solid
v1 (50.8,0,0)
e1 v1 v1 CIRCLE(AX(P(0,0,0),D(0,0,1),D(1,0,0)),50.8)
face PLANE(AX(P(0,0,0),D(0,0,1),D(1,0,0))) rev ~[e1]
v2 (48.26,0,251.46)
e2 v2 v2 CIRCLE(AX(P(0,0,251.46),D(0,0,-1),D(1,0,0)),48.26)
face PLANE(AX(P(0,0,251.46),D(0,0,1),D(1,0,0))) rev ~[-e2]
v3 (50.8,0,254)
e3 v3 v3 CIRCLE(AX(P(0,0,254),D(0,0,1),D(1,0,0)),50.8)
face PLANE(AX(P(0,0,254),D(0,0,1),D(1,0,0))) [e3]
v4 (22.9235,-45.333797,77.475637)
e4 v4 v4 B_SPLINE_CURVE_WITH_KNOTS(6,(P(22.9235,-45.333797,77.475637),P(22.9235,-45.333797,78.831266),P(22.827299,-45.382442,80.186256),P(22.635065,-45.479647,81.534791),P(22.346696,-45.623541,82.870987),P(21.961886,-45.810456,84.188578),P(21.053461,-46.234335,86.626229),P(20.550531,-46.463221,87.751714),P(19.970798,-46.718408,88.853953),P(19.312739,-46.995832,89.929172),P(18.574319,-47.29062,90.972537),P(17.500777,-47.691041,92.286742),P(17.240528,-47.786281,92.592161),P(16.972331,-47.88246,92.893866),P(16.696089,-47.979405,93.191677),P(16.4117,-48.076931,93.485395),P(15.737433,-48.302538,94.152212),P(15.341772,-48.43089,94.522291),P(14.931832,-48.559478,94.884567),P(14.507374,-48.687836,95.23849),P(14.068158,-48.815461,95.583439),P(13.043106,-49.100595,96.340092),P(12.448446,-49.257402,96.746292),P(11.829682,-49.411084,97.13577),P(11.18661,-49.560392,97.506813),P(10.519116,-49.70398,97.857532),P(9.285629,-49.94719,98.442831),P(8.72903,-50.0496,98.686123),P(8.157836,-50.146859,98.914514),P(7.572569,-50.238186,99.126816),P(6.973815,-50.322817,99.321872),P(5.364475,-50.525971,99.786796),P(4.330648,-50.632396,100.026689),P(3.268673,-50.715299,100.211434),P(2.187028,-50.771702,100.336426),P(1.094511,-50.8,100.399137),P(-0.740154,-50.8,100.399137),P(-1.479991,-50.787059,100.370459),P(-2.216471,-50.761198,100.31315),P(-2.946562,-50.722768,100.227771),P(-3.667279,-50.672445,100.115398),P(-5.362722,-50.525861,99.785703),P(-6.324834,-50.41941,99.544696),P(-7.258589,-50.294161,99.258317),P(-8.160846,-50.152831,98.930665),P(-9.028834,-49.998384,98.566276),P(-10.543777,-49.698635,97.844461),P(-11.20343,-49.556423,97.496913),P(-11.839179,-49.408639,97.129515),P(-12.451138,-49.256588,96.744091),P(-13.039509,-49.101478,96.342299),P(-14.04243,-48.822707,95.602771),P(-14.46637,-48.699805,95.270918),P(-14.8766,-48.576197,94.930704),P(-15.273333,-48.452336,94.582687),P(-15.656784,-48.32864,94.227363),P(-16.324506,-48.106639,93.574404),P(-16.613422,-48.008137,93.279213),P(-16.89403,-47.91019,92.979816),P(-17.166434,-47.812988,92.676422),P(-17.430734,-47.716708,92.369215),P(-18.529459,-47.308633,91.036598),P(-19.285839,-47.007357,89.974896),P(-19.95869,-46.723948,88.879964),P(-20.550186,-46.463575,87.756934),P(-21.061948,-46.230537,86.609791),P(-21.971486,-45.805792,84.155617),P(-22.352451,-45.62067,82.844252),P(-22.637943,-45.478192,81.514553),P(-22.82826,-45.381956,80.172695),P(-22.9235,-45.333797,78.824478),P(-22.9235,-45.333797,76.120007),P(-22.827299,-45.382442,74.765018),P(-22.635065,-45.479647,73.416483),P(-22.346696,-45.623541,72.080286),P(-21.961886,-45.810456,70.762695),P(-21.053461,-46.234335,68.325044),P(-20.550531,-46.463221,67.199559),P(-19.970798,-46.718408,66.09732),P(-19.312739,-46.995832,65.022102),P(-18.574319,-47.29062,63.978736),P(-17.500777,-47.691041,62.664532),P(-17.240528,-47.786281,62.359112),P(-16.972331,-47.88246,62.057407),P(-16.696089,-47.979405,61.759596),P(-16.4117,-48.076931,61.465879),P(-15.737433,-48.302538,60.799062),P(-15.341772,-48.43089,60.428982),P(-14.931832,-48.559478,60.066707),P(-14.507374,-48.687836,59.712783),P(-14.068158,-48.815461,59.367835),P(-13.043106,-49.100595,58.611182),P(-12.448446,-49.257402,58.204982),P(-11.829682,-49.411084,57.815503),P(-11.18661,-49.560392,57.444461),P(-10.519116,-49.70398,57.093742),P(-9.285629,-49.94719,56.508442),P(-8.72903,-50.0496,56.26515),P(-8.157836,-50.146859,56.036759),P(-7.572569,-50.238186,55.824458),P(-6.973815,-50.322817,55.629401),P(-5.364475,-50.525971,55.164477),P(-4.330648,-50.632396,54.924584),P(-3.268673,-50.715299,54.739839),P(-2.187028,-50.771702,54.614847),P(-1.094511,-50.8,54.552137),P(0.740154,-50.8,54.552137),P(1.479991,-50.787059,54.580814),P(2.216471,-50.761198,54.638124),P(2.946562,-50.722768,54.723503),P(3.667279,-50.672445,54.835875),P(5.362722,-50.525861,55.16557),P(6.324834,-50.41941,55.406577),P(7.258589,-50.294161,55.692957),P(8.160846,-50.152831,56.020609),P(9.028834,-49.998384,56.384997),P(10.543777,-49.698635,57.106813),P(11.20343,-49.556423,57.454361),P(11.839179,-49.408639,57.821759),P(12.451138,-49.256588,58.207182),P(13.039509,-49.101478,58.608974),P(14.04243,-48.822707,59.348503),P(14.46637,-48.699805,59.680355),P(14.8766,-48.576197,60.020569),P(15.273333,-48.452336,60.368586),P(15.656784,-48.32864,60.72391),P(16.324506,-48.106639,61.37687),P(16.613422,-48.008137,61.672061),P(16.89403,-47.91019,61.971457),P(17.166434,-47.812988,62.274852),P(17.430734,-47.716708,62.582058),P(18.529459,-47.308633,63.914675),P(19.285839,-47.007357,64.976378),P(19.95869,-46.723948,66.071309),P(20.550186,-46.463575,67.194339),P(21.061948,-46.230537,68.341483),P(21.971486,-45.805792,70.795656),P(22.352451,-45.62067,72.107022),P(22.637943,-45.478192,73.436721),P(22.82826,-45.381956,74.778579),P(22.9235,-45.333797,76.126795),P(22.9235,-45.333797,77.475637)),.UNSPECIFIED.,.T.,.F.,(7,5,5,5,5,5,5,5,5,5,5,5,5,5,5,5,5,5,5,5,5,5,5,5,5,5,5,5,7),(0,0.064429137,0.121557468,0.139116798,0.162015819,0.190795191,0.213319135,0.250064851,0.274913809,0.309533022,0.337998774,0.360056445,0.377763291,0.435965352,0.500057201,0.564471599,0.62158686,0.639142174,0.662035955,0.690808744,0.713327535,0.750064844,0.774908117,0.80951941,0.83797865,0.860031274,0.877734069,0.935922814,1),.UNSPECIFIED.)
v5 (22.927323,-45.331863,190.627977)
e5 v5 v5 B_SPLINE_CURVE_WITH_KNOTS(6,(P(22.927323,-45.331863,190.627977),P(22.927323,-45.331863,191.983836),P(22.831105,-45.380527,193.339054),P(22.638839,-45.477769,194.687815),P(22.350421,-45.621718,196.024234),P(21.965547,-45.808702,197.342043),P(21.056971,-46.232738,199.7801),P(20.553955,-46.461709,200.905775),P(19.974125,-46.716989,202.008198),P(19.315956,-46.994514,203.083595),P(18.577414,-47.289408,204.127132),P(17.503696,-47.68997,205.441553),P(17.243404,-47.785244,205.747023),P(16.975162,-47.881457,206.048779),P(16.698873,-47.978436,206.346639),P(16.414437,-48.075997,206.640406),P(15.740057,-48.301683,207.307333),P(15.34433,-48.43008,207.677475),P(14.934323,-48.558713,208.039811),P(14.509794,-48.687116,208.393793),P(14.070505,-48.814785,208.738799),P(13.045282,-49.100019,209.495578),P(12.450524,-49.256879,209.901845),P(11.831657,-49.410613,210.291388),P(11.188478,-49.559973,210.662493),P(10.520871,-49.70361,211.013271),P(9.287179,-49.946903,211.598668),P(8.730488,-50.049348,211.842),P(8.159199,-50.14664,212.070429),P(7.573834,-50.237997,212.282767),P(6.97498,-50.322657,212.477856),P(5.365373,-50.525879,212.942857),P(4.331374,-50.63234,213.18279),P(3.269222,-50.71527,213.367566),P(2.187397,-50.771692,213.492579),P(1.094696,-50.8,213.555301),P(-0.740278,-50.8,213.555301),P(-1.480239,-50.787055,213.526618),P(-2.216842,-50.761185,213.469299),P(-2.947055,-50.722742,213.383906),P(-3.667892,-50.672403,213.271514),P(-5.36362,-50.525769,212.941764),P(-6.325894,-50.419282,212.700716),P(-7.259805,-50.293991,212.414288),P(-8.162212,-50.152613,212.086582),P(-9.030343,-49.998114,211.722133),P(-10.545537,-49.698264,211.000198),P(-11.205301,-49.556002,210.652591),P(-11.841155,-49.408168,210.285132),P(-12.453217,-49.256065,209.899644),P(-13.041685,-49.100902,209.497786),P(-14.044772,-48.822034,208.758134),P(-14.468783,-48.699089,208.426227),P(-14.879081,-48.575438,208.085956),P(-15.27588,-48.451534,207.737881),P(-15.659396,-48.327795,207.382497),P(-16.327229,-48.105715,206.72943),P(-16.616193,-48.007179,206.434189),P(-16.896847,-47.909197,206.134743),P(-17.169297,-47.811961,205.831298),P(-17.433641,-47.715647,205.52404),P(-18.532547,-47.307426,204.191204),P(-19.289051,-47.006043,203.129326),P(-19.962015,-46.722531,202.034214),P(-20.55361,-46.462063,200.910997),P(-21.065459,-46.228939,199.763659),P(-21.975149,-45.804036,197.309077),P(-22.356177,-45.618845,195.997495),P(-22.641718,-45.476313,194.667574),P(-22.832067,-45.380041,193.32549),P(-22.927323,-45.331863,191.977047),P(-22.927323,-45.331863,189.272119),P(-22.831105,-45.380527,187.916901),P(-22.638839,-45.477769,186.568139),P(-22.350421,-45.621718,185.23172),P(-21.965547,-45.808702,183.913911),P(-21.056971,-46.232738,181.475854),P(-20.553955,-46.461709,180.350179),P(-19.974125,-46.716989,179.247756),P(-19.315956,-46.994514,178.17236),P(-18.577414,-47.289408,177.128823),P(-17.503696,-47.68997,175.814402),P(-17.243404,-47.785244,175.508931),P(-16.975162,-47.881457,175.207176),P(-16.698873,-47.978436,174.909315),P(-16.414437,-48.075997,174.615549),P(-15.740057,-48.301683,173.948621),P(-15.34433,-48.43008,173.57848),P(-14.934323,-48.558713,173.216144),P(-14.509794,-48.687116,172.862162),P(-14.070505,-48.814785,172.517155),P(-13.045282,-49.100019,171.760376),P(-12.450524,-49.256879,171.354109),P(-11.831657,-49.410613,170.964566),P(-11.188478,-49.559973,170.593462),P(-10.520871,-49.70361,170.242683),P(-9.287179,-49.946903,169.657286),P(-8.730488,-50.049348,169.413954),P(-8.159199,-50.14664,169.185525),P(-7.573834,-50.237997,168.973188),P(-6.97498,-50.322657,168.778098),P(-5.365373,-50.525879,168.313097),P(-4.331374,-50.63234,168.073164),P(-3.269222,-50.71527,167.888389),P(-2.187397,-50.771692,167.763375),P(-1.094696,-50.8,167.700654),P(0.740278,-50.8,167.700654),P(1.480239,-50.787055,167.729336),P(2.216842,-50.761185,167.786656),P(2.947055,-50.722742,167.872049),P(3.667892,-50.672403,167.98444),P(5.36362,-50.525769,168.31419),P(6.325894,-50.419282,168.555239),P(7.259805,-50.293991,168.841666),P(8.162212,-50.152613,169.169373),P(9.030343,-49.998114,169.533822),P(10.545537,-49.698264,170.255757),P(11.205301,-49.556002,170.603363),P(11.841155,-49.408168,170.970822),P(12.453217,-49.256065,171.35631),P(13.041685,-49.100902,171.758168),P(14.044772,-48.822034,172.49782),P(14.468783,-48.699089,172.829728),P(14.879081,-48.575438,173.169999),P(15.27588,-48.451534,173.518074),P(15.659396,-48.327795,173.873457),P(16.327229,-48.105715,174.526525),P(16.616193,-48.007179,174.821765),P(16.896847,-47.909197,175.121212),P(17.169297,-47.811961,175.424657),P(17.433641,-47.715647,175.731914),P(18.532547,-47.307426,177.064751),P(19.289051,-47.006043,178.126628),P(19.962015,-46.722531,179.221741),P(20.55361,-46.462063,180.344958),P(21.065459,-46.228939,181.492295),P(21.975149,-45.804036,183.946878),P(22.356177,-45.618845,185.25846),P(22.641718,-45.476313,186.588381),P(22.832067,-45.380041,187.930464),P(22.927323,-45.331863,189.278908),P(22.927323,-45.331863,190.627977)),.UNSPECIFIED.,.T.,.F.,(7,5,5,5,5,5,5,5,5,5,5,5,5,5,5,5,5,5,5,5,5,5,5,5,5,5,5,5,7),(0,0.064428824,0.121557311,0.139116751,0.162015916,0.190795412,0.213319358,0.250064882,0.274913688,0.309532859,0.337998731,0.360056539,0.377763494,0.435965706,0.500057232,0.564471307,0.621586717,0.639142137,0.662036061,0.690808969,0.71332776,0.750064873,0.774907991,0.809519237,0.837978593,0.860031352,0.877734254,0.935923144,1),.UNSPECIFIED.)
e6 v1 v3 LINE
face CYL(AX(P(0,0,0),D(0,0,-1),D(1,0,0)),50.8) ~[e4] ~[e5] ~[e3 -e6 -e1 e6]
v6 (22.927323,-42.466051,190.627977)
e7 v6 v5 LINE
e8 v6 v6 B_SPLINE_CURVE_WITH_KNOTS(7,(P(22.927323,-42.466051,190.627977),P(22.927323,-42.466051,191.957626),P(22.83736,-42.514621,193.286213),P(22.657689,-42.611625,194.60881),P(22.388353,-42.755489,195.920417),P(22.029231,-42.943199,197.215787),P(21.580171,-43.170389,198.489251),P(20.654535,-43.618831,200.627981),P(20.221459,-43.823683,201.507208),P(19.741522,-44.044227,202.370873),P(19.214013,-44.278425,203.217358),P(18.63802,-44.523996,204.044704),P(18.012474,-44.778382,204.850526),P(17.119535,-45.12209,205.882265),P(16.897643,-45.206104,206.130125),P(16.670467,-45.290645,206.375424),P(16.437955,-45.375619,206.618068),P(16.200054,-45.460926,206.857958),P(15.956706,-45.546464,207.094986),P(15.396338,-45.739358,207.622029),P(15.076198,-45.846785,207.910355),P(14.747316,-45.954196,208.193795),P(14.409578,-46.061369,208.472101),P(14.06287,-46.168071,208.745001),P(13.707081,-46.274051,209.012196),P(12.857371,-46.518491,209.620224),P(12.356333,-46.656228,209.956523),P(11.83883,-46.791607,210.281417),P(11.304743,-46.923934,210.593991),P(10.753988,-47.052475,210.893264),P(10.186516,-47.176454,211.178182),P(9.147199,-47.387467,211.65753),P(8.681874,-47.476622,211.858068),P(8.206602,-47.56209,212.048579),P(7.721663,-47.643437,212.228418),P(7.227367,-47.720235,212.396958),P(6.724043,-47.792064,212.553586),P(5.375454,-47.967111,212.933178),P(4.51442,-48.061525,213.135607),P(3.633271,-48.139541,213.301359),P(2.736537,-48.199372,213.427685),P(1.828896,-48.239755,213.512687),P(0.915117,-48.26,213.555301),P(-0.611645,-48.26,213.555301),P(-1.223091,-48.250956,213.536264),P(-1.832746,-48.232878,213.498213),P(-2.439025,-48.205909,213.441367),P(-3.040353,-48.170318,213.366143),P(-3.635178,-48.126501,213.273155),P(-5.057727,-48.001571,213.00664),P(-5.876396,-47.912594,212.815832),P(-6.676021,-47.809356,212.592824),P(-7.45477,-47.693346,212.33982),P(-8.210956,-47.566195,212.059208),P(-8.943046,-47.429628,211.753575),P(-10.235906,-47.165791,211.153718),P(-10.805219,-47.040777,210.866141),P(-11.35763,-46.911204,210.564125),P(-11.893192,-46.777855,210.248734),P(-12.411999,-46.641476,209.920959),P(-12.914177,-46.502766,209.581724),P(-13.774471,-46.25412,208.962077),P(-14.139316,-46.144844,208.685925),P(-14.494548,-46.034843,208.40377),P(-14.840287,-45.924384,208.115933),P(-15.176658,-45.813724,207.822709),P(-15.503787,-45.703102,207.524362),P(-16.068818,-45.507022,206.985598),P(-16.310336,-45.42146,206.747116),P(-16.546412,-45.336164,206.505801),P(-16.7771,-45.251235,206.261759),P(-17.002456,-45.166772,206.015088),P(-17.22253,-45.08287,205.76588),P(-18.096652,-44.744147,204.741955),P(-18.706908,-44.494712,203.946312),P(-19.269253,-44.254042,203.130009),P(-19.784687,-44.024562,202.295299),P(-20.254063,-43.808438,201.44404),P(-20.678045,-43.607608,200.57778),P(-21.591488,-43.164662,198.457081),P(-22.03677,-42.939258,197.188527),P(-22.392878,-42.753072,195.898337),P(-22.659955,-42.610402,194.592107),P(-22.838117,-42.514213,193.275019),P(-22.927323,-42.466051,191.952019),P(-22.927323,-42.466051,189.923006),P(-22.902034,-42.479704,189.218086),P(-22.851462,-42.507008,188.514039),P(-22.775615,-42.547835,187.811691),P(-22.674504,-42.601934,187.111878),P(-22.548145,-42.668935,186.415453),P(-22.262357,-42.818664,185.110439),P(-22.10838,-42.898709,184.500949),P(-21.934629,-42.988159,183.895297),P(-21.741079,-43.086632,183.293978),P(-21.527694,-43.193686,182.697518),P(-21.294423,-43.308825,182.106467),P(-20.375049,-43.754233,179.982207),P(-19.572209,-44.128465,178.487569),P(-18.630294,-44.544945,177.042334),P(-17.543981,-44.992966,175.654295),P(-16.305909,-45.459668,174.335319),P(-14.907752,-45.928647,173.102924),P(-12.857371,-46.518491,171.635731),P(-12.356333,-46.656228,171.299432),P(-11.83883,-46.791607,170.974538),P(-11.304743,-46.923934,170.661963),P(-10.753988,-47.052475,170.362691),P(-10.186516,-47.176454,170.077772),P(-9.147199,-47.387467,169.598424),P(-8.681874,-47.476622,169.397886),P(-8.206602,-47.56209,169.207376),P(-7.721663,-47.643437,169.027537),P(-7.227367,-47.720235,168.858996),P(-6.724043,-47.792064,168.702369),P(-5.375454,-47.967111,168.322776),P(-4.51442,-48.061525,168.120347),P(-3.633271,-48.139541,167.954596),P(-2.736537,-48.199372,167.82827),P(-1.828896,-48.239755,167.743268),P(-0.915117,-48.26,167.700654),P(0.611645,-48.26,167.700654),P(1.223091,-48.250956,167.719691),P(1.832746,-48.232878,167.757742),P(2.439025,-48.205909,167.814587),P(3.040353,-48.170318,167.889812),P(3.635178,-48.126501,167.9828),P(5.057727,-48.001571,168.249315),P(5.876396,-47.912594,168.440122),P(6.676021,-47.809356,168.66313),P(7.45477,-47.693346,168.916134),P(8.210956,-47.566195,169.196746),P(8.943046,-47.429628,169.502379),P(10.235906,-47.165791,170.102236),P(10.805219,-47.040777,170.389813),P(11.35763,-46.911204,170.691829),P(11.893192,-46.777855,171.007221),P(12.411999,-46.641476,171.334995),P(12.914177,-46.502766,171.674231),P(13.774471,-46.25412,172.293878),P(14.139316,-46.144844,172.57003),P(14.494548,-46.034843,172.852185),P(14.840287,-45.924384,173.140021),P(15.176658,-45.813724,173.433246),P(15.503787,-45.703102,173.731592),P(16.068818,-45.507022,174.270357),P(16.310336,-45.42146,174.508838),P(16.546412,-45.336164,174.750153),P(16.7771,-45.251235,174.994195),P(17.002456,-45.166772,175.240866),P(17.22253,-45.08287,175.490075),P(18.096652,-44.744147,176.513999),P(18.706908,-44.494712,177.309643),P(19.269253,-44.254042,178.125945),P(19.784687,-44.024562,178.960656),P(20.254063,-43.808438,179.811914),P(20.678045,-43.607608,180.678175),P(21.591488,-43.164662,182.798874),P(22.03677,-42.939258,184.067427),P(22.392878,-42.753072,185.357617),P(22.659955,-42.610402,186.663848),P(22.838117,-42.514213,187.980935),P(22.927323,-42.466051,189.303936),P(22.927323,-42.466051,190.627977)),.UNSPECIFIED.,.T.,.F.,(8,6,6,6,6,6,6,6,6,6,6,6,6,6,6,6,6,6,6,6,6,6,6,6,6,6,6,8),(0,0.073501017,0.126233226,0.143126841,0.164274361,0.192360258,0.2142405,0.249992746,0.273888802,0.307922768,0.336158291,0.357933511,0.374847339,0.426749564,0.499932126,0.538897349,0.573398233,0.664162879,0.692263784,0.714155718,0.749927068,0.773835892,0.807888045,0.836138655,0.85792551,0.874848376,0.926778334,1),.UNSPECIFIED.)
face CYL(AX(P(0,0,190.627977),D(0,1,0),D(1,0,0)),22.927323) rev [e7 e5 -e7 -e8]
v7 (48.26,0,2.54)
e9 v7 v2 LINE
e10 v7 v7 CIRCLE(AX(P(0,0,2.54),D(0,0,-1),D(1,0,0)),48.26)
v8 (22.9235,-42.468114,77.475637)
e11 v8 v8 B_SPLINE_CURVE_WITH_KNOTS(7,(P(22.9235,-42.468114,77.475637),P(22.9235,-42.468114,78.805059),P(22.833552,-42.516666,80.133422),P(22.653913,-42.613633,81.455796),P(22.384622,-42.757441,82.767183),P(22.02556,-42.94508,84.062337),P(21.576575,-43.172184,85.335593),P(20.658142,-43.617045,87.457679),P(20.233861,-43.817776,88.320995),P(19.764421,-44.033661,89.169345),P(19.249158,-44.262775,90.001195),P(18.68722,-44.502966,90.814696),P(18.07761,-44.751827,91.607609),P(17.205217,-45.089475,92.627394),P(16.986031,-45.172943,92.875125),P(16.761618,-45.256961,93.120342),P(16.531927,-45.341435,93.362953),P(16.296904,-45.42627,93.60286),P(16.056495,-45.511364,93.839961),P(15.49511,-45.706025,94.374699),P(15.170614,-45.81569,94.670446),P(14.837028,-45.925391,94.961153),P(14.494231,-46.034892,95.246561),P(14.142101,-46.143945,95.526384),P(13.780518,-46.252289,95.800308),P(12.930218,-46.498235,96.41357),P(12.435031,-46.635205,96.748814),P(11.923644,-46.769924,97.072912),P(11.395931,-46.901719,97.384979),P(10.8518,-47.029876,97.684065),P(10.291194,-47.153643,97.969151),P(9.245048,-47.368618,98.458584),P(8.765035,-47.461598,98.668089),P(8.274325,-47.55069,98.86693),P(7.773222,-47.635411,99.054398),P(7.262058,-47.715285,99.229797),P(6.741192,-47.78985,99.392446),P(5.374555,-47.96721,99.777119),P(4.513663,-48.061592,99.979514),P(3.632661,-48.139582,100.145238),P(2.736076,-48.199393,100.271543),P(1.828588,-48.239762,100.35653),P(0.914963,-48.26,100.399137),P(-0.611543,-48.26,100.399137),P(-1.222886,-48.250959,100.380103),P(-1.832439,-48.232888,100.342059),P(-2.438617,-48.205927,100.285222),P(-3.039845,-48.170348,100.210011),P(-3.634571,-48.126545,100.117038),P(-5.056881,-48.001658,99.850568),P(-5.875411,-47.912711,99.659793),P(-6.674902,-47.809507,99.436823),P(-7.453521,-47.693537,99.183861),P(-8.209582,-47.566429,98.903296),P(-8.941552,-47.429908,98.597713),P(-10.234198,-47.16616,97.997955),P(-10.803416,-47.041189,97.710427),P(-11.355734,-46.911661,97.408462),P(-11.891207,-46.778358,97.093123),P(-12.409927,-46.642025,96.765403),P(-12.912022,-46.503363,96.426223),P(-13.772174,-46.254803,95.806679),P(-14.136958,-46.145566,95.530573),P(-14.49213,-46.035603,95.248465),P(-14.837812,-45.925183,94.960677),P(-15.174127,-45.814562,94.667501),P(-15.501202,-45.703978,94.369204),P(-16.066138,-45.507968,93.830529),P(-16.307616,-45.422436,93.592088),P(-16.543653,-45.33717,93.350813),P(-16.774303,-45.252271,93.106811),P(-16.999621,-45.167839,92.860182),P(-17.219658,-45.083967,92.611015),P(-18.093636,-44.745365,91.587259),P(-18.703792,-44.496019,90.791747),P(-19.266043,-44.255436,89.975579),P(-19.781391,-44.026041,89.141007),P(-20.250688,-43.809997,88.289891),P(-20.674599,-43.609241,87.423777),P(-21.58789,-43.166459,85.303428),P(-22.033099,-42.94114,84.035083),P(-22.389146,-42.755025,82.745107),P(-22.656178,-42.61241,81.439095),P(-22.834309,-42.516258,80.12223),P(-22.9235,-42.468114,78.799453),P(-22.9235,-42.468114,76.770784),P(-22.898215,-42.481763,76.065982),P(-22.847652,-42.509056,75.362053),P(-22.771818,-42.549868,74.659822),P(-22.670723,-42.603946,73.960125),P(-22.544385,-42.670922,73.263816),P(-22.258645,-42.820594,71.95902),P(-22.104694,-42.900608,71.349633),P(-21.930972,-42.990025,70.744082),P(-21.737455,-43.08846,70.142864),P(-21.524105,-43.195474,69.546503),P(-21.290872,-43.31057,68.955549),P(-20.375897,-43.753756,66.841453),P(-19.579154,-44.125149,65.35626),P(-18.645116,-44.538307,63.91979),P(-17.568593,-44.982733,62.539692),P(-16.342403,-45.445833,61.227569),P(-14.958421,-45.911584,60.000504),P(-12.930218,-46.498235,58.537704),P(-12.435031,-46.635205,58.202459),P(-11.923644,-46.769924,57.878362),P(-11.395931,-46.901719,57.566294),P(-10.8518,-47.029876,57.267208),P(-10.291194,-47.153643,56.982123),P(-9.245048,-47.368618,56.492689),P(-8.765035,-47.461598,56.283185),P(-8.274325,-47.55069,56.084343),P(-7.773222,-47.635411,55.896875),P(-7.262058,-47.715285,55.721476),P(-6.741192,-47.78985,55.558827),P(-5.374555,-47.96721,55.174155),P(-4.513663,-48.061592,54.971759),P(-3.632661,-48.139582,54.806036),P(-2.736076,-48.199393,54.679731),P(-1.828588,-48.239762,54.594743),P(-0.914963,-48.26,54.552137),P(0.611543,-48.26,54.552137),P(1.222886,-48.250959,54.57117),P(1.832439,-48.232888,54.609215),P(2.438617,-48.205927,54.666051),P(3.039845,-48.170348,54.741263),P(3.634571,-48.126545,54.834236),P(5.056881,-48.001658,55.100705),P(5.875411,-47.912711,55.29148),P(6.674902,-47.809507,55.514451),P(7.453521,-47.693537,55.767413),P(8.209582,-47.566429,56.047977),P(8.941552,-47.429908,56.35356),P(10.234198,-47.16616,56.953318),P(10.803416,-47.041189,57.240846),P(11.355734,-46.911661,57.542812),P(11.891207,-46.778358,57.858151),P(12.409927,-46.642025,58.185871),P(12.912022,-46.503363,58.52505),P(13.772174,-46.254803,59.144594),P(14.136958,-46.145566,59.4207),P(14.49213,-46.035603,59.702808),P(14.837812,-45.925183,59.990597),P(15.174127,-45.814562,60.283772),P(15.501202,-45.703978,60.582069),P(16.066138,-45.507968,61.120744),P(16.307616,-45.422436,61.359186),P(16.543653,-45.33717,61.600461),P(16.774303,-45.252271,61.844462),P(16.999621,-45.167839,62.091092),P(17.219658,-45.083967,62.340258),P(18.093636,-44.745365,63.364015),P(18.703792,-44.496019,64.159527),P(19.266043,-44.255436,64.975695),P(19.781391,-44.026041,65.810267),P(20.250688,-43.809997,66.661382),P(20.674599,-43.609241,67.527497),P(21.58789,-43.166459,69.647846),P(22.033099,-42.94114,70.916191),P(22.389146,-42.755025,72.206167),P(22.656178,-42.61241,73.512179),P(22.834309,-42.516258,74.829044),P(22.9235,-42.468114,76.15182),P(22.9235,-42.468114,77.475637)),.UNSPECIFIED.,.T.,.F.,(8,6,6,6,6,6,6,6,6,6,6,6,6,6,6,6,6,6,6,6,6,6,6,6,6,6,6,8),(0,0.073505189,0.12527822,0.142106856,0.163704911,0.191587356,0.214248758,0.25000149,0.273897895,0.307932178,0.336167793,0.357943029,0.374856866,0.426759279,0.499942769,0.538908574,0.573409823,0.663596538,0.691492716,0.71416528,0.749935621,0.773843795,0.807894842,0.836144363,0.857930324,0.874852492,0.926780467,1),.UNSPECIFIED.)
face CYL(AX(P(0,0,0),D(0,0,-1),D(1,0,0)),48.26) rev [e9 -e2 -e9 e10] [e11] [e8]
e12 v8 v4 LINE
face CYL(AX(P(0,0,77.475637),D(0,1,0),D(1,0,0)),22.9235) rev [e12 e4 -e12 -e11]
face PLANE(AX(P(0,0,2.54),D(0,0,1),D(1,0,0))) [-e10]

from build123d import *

# Parameters (mm, degrees)
F0_R     = 50.8
F1_DEPTH = 254
F2_T     = -2.54
F3_R     = 22.9273232768
F4_DEPTH = 152.908
F5_R     = 22.9235
F6_DEPTH = 92.202


with BuildPart() as f1:
    # F0 (on Top) → F1 (new body)
    with BuildSketch(Plane.XY):
        Circle(F0_R)
    extrude(amount=F1_DEPTH)

    # F2 (hollow: no face is removed)
    offset(amount=F2_T, mode=Mode.SUBTRACT)

    # F3 (on Front) → F4 (cut)
    with BuildSketch(Plane.XZ):
        with Locations((0, 190.627977252)):
            Circle(F3_R)
    extrude(amount=F4_DEPTH, mode=Mode.SUBTRACT)

    # F5 (on Front) → F6 (cut)
    with BuildSketch(Plane.XZ):
        with Locations((0, 77.4756367312)):
            Circle(F5_R)
    extrude(amount=F6_DEPTH, mode=Mode.SUBTRACT)


solid = f1.part
